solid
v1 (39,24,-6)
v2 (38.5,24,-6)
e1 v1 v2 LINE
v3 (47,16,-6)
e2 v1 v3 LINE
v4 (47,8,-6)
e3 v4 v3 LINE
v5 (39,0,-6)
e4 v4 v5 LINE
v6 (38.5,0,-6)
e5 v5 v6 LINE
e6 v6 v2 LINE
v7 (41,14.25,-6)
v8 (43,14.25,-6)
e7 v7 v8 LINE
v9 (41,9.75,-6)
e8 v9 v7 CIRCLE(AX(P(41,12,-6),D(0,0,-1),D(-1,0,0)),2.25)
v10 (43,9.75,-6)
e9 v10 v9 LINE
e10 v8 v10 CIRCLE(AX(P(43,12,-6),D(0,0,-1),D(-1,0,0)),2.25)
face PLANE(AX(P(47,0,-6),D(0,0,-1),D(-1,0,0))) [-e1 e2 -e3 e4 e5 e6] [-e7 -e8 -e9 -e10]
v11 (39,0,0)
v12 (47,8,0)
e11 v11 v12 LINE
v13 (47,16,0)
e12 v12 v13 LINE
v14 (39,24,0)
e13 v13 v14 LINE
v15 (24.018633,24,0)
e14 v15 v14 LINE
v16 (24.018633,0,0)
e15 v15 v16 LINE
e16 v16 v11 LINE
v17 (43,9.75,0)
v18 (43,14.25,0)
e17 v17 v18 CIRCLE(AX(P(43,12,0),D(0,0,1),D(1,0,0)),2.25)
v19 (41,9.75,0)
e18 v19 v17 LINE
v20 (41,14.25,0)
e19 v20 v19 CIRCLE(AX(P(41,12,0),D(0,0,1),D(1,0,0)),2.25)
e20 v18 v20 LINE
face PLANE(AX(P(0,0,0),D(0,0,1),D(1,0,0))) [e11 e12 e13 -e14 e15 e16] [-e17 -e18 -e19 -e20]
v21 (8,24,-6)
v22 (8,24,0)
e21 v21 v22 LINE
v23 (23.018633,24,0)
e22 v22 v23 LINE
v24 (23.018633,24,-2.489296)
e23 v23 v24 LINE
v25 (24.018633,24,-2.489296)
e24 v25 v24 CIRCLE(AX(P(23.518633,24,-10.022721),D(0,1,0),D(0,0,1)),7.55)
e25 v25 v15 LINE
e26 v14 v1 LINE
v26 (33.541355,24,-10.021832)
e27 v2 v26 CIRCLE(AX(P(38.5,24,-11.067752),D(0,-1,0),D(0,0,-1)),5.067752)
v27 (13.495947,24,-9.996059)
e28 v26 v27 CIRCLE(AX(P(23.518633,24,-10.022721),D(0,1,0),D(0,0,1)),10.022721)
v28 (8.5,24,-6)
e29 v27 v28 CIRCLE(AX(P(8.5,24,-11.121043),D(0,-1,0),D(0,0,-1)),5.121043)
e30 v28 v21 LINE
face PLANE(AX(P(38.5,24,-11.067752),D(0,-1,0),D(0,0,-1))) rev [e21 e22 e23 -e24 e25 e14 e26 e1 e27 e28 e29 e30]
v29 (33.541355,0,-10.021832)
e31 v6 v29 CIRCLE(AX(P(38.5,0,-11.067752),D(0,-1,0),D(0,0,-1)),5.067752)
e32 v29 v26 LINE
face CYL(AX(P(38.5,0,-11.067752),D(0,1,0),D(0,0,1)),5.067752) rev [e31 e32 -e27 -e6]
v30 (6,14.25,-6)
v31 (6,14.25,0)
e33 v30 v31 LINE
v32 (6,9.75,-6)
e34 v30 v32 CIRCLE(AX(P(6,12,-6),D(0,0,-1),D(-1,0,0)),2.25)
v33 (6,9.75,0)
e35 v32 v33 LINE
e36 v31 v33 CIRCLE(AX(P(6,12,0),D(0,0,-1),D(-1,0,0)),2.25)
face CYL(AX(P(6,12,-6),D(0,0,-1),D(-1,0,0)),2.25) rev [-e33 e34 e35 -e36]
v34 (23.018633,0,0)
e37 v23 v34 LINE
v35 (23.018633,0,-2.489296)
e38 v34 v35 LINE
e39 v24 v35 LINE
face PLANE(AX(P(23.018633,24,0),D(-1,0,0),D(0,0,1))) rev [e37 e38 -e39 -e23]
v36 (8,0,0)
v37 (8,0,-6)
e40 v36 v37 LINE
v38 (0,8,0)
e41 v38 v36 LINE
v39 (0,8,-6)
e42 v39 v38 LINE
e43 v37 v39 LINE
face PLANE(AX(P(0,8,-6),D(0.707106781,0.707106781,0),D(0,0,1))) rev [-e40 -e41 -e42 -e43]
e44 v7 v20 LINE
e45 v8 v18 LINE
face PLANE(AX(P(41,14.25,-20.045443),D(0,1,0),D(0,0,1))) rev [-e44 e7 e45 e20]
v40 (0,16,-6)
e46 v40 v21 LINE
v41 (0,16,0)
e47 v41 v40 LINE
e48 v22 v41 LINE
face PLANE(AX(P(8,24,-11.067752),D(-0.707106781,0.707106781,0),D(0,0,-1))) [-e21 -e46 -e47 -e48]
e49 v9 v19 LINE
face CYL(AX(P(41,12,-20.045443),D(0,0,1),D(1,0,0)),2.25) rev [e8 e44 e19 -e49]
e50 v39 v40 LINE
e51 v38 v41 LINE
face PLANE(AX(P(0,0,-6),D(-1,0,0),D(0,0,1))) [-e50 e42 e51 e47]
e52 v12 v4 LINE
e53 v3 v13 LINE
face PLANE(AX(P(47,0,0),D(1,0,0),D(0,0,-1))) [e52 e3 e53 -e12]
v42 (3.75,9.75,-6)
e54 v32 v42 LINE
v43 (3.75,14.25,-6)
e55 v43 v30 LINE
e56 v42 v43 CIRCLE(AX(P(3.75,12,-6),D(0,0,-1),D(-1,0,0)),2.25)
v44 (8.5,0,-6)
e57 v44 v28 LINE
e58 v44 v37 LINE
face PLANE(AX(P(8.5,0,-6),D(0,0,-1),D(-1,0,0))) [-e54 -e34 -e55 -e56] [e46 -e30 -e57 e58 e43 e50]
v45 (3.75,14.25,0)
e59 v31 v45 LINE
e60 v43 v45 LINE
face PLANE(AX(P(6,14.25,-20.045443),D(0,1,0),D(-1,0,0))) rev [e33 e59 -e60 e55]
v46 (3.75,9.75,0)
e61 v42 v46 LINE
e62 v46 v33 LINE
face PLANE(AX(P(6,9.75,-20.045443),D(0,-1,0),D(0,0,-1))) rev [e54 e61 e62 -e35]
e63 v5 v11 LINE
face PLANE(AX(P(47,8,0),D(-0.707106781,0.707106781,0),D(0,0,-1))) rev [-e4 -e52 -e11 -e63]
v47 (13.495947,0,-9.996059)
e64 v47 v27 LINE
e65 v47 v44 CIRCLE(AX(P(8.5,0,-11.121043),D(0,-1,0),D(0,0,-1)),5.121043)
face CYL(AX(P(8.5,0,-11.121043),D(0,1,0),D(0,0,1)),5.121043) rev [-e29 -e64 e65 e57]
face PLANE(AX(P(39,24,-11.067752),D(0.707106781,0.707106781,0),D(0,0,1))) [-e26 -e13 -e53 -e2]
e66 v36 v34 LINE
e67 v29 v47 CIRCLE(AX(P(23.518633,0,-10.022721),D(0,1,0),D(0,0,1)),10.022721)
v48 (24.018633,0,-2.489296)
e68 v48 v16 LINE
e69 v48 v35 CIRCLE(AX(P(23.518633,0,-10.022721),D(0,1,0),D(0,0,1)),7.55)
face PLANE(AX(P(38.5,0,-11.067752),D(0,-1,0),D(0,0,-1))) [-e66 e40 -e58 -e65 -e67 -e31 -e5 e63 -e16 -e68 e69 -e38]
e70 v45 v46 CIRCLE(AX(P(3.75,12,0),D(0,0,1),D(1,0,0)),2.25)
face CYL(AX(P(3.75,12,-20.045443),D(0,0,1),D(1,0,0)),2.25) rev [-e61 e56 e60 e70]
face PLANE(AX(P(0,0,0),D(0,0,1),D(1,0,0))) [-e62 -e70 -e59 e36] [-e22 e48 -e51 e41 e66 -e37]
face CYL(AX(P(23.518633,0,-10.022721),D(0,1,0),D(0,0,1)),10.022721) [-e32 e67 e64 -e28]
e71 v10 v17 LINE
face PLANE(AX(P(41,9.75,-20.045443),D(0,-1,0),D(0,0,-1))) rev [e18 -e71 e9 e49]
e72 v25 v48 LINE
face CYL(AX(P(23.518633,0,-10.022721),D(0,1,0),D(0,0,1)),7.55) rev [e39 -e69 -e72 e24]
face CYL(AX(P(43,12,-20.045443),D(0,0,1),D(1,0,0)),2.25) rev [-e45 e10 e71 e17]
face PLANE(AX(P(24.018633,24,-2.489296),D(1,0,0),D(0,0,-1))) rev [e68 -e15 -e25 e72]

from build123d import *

# Parameters (mm, degrees)
BOSS_EXTRUDE1_DEPTH            = 24
CUT_EXTRUDE1_DEPTH             = 25
SKETCH3_W                      = 7.55
SKETCH3_H                      = 24
F_4_5_4_5_DIAMETER_HOLE1_D     = 4.5
F_4_5_4_5_DIAMETER_HOLE1_DEPTH = 6
CHAMFER1_SIZE                  = 8
CUT_EXTRUDE2_DEPTH             = 21.045442769


with BuildPart() as part:
    # Sketch1 → Boss-Extrude1 (new body)
    with BuildSketch(Plane(origin=(0, 24, 0), x_dir=(1, 0, 0), z_dir=(0, 1, 0))):
        with BuildLine():
            Line((0, 0), (47, 0))
            Line((47, 0), (47, 6))
            Line((47, 6), (38.5, 6))
            ThreePointArc((38.5, 6), (35.307693119, 7.131854655), (33.541354656, 10.021831577))
            ThreePointArc((33.541354656, 10.021831577), (23.505747016, 20.045434485), (13.49594739, 9.996059012))
            ThreePointArc((13.49594739, 9.996059012), (11.698748894, 7.121907302), (8.5, 6))
            Line((8.5, 6), (0, 6))
            Line((0, 6), (0, 0))
        make_face()
    extrude(amount=-BOSS_EXTRUDE1_DEPTH)

    # Sketch2 → Cut-Extrude1 (cut, through all)
    with BuildSketch(Plane.XZ):
        with BuildLine():
            Line((24.018633311, 0), (23.018633311, 0))
            Line((23.018633311, 0), (23.018633311, -2.489295869))
            ThreePointArc((23.018633311, -2.489295869), (23.518633311, -2.472721384), (24.018633311, -2.489295869))
            Line((24.018633311, -2.489295869), (24.018633311, 0))
        make_face()
    extrude(amount=-CUT_EXTRUDE1_DEPTH, mode=Mode.SUBTRACT)

    # Sketch3 → Cut-Revolve1 (revolve, cut)
    with BuildSketch(Plane(origin=(0, 0, -10.022721384), x_dir=(-1, 0, 0), z_dir=(0, 0, -1))):
        with Locations((-27.293633311, 12)):
            Rectangle(SKETCH3_W, SKETCH3_H)
    revolve(axis=Axis((23.518633311, 0, -10.022721384), (0, 1, 0)), mode=Mode.SUBTRACT)

    # Ø4.5 (4.5) Diameter Hole1
    with Locations(Plane(origin=(0, 0, -6), x_dir=(-1, 0, 0), z_dir=(0, 0, -1))):
        with Locations((-41.037266621, 12), (-6, 12)):
            Hole(F_4_5_4_5_DIAMETER_HOLE1_D / 2, depth=F_4_5_4_5_DIAMETER_HOLE1_DEPTH)

    # Chamfer1
    chamfer1_edges = [part.edges().sort_by_distance(p)[0] for p in [
        (47, 0, -3),
        (0, 24, -3),
        (0, 0, -3),
        (47, 24, -3),
    ]]
    chamfer(chamfer1_edges, length=CHAMFER1_SIZE)

    # Sketch7 → Cut-Extrude2 (cut, through all)
    with BuildSketch(Plane.XY):
        with BuildLine():
            Line((41, 14.25), (43, 14.25))
            ThreePointArc((43, 14.25), (45.25, 12), (43, 9.75))
            Line((43, 9.75), (41, 9.75))
            ThreePointArc((41, 9.75), (38.75, 12), (41, 14.25))
        make_face()
        with BuildLine():
            Line((6, 9.75), (3.75, 9.75))
            ThreePointArc((3.75, 9.75), (1.5, 12), (3.75, 14.25))
            Line((3.75, 14.25), (6, 14.25))
            ThreePointArc((6, 14.25), (8.25, 12), (6, 9.75))
        make_face()
    extrude(amount=-CUT_EXTRUDE2_DEPTH, mode=Mode.SUBTRACT)


solid = part.part
